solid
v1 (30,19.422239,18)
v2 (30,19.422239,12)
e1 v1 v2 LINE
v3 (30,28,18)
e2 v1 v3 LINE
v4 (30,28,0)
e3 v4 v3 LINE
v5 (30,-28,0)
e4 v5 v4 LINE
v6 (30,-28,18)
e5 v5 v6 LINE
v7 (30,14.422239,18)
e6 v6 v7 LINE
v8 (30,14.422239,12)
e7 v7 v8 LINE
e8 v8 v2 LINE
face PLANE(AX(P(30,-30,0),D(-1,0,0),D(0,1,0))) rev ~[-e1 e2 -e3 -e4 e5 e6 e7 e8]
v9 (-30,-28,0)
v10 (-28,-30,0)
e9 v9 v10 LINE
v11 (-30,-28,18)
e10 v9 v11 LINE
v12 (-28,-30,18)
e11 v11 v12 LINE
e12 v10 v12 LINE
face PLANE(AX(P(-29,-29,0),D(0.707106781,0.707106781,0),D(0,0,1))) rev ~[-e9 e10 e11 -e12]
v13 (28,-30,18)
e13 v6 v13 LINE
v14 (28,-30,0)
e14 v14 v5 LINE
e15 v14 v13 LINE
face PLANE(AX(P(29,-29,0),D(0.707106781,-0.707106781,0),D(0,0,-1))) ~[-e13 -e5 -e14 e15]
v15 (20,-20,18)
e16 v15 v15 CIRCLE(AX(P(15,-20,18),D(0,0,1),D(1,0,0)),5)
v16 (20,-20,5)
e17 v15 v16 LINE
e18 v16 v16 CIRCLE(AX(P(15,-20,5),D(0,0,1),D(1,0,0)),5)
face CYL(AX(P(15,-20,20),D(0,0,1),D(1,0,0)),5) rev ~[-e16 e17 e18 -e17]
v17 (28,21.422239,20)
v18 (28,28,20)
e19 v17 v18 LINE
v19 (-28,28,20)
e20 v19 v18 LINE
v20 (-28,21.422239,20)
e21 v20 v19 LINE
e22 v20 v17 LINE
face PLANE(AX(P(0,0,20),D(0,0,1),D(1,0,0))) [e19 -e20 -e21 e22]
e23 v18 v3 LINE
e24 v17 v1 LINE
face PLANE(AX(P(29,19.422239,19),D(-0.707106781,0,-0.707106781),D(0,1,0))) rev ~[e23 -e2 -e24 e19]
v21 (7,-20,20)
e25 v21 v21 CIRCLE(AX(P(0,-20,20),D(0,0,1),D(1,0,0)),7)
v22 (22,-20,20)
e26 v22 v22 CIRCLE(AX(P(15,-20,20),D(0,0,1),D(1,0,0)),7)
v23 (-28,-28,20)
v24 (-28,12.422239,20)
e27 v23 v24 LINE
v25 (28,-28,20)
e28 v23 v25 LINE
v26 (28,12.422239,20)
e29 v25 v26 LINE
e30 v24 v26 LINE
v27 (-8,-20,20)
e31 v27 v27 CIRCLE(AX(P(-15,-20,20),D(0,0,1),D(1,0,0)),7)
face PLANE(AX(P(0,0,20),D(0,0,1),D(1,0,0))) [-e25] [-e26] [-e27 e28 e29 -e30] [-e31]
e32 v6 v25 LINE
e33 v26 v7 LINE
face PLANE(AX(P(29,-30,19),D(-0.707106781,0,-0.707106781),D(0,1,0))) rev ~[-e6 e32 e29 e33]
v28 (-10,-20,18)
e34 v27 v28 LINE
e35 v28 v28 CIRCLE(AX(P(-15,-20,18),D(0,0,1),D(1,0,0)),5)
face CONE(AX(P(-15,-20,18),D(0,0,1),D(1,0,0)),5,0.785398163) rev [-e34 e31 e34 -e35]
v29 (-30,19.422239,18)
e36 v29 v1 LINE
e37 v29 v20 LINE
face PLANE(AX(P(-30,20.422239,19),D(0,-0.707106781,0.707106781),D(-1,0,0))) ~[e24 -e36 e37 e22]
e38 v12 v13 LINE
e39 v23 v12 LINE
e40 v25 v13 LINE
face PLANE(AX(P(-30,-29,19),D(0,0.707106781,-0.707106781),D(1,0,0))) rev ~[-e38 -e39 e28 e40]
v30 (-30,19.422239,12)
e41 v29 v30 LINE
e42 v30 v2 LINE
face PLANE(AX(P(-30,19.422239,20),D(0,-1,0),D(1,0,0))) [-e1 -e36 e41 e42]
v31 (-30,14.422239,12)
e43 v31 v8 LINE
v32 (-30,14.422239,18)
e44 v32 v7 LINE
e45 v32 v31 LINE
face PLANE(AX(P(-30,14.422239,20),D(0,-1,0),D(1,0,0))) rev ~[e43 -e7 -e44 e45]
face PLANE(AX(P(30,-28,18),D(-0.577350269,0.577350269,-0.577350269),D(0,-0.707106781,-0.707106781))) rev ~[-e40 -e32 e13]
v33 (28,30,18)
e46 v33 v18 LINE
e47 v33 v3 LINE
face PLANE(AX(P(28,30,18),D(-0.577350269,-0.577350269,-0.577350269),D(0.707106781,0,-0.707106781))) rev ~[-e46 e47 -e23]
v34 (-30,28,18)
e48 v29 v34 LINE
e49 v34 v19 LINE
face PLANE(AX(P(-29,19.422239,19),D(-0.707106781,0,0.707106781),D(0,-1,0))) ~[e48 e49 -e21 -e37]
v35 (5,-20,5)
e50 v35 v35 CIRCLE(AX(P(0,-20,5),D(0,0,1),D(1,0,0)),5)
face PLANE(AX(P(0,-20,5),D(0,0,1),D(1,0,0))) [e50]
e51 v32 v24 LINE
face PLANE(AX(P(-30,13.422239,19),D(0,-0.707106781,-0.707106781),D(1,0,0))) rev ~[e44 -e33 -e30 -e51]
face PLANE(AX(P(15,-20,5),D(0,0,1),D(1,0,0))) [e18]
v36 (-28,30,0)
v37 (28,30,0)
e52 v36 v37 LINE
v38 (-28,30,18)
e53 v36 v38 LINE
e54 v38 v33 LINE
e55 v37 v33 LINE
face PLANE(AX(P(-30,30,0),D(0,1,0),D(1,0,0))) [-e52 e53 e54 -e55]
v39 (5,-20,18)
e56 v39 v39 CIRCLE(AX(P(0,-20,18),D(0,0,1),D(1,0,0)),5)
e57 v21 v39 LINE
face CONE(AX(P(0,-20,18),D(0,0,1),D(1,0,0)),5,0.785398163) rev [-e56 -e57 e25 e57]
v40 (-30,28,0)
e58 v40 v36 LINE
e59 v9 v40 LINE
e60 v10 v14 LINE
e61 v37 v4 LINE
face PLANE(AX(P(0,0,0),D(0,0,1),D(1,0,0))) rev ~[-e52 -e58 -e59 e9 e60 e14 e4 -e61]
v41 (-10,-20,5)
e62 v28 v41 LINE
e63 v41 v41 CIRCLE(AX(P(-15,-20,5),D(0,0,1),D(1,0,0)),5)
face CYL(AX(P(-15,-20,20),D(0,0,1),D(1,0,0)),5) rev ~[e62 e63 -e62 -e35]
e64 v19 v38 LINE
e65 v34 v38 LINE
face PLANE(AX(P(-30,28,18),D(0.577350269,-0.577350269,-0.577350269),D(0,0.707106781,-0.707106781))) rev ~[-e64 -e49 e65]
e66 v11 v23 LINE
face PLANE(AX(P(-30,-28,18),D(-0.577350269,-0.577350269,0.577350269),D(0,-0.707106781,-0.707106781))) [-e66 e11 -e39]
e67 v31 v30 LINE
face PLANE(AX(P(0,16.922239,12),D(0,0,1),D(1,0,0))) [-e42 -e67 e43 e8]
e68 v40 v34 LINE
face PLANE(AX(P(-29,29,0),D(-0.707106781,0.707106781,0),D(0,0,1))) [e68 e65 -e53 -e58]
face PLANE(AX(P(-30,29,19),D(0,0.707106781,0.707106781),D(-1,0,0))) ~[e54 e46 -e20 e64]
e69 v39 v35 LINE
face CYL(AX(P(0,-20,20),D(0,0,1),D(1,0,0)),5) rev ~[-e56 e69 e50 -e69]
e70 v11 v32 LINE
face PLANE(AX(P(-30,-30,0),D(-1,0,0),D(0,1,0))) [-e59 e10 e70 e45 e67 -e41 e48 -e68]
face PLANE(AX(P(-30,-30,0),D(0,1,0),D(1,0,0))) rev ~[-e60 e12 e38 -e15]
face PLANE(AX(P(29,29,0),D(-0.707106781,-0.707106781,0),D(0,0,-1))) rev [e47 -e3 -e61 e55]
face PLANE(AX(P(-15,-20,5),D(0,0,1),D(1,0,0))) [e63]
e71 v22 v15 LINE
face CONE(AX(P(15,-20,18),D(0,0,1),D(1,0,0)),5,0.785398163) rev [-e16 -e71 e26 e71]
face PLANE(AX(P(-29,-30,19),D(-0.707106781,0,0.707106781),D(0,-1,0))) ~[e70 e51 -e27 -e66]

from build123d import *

# Parameters (mm, degrees)
F0_W     = 60
F0_H     = 60
F1_DEPTH = 20
F2_W     = 60
F2_H     = 5
F3_DEPTH = 8
F4_R     = 5
F5_DEPTH = 15
F6_SIZE  = 2


with BuildPart() as f1:
    # F0 (on Top) → F1 (new body)
    with BuildSketch(Plane.XY):
        Rectangle(F0_W, F0_H)
    extrude(amount=F1_DEPTH)

    # F2 (on face) → F3 (cut)
    with BuildSketch(Plane.XY.offset(20)):
        with Locations((0, 16.9222388044)):
            Rectangle(F2_W, F2_H)
    extrude(amount=-F3_DEPTH, mode=Mode.SUBTRACT)

    # F4 (on face) → F5 (cut)
    with BuildSketch(Plane.XY.offset(20)):
        with Locations((0, -20)):
            Circle(F4_R)
        with Locations((15, -20)):
            Circle(F4_R)
        with Locations((-15, -20)):
            Circle(F4_R)
    extrude(amount=-F5_DEPTH, mode=Mode.SUBTRACT)

    # F6
    f6_edges = [f1.edges().sort_by_distance(p)[0] for p in [
        (0, -30, 20),
        (30, -7.788881, 20),
        (30, 24.711119, 20),
        (0, 30, 20),
        (-30, -7.788881, 20),
        (-30, 24.711119, 20),
        (10, -20, 20),
        (-5, -20, 20),
        (-20, -20, 20),
        (0, 19.422239, 20),
        (0, 14.422239, 20),
        (30, -30, 10),
        (-30, -30, 10),
        (-30, 30, 10),
        (30, 30, 10),
    ]]
    chamfer(f6_edges, length=F6_SIZE)


solid = f1.part
